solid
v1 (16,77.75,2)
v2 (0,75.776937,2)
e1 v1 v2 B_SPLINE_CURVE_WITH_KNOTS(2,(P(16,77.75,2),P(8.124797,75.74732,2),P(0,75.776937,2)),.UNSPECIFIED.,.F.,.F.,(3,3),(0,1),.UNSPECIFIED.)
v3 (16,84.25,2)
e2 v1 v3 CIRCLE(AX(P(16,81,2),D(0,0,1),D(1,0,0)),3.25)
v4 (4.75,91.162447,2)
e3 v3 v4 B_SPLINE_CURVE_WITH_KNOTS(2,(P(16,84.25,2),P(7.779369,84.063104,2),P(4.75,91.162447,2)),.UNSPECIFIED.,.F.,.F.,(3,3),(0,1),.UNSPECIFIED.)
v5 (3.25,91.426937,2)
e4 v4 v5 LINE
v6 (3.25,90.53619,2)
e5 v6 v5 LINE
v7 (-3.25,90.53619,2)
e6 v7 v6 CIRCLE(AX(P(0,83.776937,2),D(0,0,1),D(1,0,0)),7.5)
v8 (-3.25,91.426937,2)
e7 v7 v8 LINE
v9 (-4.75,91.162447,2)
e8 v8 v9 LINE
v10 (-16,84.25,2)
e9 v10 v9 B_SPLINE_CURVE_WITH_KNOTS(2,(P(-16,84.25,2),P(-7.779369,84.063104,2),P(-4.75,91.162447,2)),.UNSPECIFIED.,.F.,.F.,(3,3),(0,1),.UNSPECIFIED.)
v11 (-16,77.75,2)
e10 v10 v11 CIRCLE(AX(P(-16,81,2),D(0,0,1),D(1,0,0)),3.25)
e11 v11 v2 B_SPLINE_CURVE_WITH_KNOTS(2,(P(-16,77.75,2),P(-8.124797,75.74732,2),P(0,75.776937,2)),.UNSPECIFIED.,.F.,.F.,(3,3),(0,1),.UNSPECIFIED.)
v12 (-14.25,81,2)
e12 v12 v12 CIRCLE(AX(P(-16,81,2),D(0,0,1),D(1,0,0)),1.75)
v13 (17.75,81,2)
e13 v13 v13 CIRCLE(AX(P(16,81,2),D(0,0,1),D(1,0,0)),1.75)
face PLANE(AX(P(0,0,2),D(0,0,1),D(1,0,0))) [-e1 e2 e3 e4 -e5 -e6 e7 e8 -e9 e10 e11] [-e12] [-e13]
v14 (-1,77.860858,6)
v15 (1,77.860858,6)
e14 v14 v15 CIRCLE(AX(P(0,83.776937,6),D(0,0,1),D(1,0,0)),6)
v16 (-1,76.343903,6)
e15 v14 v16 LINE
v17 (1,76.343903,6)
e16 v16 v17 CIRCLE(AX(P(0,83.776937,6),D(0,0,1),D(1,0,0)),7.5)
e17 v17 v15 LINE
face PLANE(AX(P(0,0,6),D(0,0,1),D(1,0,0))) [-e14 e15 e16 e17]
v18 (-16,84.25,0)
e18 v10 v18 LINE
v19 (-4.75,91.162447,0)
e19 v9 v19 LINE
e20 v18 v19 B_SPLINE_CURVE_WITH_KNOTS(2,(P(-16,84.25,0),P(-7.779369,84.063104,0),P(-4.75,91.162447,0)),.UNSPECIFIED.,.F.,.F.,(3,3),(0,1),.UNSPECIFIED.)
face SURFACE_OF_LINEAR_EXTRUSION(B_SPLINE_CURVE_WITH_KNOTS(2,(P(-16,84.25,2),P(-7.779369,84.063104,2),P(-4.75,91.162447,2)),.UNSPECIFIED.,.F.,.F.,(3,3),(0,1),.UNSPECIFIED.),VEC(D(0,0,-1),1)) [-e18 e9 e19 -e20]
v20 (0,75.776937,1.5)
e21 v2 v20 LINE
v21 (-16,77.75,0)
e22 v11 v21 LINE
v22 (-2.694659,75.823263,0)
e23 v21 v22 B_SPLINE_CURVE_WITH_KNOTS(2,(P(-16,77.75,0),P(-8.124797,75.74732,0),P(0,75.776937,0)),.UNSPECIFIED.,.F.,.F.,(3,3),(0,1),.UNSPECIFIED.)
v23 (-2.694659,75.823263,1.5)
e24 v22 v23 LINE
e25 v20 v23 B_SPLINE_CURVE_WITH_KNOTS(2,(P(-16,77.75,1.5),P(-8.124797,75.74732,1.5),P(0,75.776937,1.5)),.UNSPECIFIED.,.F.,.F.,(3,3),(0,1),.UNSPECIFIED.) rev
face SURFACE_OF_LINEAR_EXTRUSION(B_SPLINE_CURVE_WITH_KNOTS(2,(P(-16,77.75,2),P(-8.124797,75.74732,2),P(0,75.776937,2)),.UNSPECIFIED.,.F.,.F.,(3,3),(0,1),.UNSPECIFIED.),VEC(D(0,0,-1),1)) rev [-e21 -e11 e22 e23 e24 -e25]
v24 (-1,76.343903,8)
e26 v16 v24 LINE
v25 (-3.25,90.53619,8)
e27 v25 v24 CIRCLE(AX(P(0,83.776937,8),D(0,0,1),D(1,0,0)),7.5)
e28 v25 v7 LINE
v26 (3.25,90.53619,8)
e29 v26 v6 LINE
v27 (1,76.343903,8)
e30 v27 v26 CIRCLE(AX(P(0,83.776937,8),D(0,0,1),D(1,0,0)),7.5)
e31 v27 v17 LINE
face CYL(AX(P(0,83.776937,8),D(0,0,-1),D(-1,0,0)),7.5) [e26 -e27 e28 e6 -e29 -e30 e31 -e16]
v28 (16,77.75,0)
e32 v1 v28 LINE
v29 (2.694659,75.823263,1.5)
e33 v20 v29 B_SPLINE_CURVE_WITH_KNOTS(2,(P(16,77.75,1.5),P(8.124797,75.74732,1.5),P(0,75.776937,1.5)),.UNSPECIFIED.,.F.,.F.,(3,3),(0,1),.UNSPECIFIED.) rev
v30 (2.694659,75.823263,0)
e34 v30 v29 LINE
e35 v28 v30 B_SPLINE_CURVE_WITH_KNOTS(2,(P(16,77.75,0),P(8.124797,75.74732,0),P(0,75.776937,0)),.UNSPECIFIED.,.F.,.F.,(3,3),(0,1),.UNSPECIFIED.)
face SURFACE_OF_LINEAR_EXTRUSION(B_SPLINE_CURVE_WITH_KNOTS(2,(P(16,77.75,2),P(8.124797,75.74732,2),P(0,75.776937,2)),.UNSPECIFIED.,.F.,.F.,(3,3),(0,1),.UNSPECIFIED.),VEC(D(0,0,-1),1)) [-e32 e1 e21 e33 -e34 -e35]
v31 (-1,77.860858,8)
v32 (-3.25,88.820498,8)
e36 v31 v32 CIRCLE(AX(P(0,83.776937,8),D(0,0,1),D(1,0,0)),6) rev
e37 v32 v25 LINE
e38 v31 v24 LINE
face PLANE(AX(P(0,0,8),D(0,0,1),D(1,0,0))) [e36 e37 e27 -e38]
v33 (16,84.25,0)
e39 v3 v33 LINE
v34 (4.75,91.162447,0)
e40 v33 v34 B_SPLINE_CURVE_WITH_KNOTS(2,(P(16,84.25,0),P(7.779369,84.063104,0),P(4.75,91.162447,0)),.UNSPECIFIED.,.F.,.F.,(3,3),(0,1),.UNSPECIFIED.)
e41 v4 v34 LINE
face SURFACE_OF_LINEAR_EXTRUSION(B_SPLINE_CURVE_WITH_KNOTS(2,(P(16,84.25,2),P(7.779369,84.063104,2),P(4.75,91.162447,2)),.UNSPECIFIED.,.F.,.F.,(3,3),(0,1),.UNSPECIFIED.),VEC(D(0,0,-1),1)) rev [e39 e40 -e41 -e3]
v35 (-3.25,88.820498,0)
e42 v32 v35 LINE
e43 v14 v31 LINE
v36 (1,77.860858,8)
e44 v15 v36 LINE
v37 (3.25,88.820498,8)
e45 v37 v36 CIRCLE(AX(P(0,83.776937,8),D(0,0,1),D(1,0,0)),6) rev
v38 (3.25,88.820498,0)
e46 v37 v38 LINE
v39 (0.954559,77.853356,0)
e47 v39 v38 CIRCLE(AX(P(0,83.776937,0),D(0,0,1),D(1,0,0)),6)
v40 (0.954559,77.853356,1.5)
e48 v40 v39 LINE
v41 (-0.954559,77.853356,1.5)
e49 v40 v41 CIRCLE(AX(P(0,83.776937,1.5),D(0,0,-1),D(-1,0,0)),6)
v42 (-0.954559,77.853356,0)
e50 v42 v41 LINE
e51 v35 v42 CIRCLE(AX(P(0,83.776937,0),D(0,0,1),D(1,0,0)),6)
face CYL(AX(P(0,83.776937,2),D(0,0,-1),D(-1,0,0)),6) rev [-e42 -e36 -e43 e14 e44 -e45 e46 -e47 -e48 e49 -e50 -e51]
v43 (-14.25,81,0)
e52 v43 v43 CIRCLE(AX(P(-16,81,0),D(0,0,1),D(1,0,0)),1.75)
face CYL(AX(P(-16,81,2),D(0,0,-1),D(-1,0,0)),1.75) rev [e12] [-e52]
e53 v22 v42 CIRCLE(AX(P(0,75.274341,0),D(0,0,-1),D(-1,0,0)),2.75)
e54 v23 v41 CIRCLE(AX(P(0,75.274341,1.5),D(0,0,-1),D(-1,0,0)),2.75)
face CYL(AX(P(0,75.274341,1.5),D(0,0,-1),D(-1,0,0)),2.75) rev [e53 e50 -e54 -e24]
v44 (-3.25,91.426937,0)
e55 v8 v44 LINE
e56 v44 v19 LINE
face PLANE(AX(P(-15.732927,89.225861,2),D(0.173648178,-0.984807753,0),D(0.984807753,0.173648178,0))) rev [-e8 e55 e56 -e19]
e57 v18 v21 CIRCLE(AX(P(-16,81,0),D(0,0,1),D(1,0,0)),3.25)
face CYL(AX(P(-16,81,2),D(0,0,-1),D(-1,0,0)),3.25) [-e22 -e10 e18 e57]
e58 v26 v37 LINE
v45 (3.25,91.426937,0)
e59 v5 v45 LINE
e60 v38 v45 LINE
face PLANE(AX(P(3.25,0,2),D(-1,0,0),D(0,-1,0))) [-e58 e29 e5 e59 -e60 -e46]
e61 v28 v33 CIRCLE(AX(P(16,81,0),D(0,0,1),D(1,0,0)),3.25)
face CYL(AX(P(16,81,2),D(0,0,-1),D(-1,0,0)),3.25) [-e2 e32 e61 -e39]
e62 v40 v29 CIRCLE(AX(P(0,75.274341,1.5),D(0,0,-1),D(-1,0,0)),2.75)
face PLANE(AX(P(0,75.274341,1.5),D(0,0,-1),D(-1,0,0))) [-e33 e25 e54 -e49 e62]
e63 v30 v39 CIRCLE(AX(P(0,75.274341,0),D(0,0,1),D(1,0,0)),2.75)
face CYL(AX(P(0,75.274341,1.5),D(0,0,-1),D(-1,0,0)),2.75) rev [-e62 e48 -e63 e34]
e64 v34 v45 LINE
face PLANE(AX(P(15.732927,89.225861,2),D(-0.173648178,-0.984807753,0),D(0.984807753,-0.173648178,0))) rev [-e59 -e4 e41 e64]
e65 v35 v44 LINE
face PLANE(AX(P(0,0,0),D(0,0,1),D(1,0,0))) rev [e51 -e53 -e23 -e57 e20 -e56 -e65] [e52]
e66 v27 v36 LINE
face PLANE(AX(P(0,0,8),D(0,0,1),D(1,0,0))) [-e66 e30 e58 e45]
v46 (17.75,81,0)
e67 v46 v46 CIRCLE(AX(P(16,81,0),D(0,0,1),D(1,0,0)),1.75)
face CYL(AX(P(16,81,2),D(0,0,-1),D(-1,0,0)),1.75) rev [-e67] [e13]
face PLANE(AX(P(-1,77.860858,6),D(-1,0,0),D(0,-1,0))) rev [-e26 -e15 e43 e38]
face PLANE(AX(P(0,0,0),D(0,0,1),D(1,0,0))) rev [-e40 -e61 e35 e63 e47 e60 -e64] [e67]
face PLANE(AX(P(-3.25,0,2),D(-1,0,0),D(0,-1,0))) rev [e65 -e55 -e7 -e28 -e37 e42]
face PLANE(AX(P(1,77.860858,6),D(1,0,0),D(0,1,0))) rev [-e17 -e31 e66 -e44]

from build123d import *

# Parameters (mm, degrees)
SKETCH1_R           = 1.75
BOSS_EXTRUDE1_DEPTH = 2
BOSS_EXTRUDE2_DEPTH = 6
SKETCH4_W           = 2
SKETCH4_H           = 1.583920217
CUT_EXTRUDE1_DEPTH  = 2
SKETCH5_R           = 2.75
CUT_EXTRUDE3_DEPTH  = 1.5


with BuildPart() as part:
    # Sketch1 → Boss-Extrude1 (new body)
    # profile 1 of 3: a face of its own
    with BuildSketch(Plane.XY):
        with BuildLine():
            ThreePointArc((-12.75, 81), (-13.657806533, 83.25313776), (-15.874079855, 84.247559717))
            add(Edge.make_bspline(
                [(-16, 84.25), (-15.936886934, 84.248565124), (-15.874079855, 84.247559717)],
                knots=[0, 0, 0, 0.007677399, 0.007677399, 0.007677399], degree=2))
            ThreePointArc((-16, 84.25), (-19.25, 81), (-16, 77.75))
            ThreePointArc((-16, 77.75), (-13.701902961, 78.701902961), (-12.75, 81))
        make_face()
        with Locations((-16, 81)):
            Circle(SKETCH1_R, mode=Mode.SUBTRACT)
    # profile 2 of 3: a face of its own
    with BuildSketch(Plane.XY):
        with BuildLine():
            ThreePointArc((6, 83.776937313), (-2.872281323, 78.509110436), (-3.25, 88.820497563))
            Line((-3.25, 88.820497563), (-3.25, 91.426937313))
            Line((-3.25, 91.426937313), (-4.75, 91.162446842))
            add(Edge.make_bspline(
                [(-15.874079855, 84.247559717), (-7.75611093, 84.117608401), (-4.75, 91.162446842)],
                knots=[0.007677399, 0.007677399, 0.007677399, 1, 1, 1], degree=2))
            ThreePointArc((-15.874079855, 84.247559717), (-13.657806533, 83.25313776), (-12.75, 81))
            ThreePointArc((-12.75, 81), (-13.701902961, 78.701902961), (-16, 77.75))
            add(Edge.make_bspline(
                [(-16, 77.75), (-8.124796889, 75.747320021), (0, 75.776937313)],
                knots=[0, 0, 0, 1, 1, 1], degree=2))
            add(Edge.make_bspline(
                [(16, 77.75), (8.124796889, 75.747320021), (0, 75.776937313)],
                knots=[0, 0, 0, 1, 1, 1], degree=2))
            ThreePointArc((16, 77.75), (12.750610128, 80.937028105), (15.874079855, 84.247559717))
            add(Edge.make_bspline(
                [(15.874079855, 84.247559717), (7.75611093, 84.117608401), (4.75, 91.162446842)],
                knots=[0.007677399, 0.007677399, 0.007677399, 1, 1, 1], degree=2))
            Line((4.75, 91.162446842), (3.25, 91.426937313))
            Line((3.25, 91.426937313), (3.25, 88.820497563))
            ThreePointArc((3.25, 88.820497563), (5.267826876, 86.649218636), (6, 83.776937313))
        make_face()
    # profile 3 of 3: a face of its own
    with BuildSketch(Plane.XY):
        with BuildLine():
            add(Edge.make_bspline(
                [(16, 84.25), (15.936886934, 84.248565124), (15.874079855, 84.247559717)],
                knots=[0, 0, 0, 0.007677399, 0.007677399, 0.007677399], degree=2))
            ThreePointArc((15.874079855, 84.247559717), (12.750610128, 80.937028105), (16, 77.75))
            ThreePointArc((16, 77.75), (18.298097039, 78.701902961), (19.25, 81))
            ThreePointArc((19.25, 81), (18.298097039, 83.298097039), (16, 84.25))
        make_face()
        with Locations((16, 81)):
            Circle(SKETCH1_R, mode=Mode.SUBTRACT)
    extrude(amount=BOSS_EXTRUDE1_DEPTH)

    # Sketch2 → Boss-Extrude2 (add)
    with BuildSketch(Plane.XY.offset(2)):
        with BuildLine():
            ThreePointArc((7.5, 83.776937313), (6.34921255, 87.769117168), (3.25, 90.53619023))
            Line((3.25, 90.53619023), (3.25, 88.820497563))
            ThreePointArc((3.25, 88.820497563), (5.267826876, 86.649218636), (6, 83.776937313))
            ThreePointArc((6, 83.776937313), (-2.872281323, 78.509110436), (-3.25, 88.820497563))
            Line((-3.25, 88.820497563), (-3.25, 90.53619023))
            ThreePointArc((-3.25, 90.53619023), (-3.992179856, 77.427724763), (7.5, 83.776937313))
        make_face()
    extrude(amount=BOSS_EXTRUDE2_DEPTH)

    # Sketch4 → Cut-Extrude1 (cut)
    with BuildSketch(Plane.XY.offset(8)):
        with Locations((0, 77.068897421)):
            Rectangle(SKETCH4_W, SKETCH4_H)
    extrude(amount=-CUT_EXTRUDE1_DEPTH, mode=Mode.SUBTRACT)

    # Sketch5 → Cut-Extrude3 (cut)
    with BuildSketch(Plane(origin=(0, 0, 0), x_dir=(-1, 0, 0), z_dir=(0, 0, -1))):
        with Locations((0, 75.274341128)):
            Circle(SKETCH5_R)
    extrude(amount=-CUT_EXTRUDE3_DEPTH, mode=Mode.SUBTRACT)


solid = part.part
